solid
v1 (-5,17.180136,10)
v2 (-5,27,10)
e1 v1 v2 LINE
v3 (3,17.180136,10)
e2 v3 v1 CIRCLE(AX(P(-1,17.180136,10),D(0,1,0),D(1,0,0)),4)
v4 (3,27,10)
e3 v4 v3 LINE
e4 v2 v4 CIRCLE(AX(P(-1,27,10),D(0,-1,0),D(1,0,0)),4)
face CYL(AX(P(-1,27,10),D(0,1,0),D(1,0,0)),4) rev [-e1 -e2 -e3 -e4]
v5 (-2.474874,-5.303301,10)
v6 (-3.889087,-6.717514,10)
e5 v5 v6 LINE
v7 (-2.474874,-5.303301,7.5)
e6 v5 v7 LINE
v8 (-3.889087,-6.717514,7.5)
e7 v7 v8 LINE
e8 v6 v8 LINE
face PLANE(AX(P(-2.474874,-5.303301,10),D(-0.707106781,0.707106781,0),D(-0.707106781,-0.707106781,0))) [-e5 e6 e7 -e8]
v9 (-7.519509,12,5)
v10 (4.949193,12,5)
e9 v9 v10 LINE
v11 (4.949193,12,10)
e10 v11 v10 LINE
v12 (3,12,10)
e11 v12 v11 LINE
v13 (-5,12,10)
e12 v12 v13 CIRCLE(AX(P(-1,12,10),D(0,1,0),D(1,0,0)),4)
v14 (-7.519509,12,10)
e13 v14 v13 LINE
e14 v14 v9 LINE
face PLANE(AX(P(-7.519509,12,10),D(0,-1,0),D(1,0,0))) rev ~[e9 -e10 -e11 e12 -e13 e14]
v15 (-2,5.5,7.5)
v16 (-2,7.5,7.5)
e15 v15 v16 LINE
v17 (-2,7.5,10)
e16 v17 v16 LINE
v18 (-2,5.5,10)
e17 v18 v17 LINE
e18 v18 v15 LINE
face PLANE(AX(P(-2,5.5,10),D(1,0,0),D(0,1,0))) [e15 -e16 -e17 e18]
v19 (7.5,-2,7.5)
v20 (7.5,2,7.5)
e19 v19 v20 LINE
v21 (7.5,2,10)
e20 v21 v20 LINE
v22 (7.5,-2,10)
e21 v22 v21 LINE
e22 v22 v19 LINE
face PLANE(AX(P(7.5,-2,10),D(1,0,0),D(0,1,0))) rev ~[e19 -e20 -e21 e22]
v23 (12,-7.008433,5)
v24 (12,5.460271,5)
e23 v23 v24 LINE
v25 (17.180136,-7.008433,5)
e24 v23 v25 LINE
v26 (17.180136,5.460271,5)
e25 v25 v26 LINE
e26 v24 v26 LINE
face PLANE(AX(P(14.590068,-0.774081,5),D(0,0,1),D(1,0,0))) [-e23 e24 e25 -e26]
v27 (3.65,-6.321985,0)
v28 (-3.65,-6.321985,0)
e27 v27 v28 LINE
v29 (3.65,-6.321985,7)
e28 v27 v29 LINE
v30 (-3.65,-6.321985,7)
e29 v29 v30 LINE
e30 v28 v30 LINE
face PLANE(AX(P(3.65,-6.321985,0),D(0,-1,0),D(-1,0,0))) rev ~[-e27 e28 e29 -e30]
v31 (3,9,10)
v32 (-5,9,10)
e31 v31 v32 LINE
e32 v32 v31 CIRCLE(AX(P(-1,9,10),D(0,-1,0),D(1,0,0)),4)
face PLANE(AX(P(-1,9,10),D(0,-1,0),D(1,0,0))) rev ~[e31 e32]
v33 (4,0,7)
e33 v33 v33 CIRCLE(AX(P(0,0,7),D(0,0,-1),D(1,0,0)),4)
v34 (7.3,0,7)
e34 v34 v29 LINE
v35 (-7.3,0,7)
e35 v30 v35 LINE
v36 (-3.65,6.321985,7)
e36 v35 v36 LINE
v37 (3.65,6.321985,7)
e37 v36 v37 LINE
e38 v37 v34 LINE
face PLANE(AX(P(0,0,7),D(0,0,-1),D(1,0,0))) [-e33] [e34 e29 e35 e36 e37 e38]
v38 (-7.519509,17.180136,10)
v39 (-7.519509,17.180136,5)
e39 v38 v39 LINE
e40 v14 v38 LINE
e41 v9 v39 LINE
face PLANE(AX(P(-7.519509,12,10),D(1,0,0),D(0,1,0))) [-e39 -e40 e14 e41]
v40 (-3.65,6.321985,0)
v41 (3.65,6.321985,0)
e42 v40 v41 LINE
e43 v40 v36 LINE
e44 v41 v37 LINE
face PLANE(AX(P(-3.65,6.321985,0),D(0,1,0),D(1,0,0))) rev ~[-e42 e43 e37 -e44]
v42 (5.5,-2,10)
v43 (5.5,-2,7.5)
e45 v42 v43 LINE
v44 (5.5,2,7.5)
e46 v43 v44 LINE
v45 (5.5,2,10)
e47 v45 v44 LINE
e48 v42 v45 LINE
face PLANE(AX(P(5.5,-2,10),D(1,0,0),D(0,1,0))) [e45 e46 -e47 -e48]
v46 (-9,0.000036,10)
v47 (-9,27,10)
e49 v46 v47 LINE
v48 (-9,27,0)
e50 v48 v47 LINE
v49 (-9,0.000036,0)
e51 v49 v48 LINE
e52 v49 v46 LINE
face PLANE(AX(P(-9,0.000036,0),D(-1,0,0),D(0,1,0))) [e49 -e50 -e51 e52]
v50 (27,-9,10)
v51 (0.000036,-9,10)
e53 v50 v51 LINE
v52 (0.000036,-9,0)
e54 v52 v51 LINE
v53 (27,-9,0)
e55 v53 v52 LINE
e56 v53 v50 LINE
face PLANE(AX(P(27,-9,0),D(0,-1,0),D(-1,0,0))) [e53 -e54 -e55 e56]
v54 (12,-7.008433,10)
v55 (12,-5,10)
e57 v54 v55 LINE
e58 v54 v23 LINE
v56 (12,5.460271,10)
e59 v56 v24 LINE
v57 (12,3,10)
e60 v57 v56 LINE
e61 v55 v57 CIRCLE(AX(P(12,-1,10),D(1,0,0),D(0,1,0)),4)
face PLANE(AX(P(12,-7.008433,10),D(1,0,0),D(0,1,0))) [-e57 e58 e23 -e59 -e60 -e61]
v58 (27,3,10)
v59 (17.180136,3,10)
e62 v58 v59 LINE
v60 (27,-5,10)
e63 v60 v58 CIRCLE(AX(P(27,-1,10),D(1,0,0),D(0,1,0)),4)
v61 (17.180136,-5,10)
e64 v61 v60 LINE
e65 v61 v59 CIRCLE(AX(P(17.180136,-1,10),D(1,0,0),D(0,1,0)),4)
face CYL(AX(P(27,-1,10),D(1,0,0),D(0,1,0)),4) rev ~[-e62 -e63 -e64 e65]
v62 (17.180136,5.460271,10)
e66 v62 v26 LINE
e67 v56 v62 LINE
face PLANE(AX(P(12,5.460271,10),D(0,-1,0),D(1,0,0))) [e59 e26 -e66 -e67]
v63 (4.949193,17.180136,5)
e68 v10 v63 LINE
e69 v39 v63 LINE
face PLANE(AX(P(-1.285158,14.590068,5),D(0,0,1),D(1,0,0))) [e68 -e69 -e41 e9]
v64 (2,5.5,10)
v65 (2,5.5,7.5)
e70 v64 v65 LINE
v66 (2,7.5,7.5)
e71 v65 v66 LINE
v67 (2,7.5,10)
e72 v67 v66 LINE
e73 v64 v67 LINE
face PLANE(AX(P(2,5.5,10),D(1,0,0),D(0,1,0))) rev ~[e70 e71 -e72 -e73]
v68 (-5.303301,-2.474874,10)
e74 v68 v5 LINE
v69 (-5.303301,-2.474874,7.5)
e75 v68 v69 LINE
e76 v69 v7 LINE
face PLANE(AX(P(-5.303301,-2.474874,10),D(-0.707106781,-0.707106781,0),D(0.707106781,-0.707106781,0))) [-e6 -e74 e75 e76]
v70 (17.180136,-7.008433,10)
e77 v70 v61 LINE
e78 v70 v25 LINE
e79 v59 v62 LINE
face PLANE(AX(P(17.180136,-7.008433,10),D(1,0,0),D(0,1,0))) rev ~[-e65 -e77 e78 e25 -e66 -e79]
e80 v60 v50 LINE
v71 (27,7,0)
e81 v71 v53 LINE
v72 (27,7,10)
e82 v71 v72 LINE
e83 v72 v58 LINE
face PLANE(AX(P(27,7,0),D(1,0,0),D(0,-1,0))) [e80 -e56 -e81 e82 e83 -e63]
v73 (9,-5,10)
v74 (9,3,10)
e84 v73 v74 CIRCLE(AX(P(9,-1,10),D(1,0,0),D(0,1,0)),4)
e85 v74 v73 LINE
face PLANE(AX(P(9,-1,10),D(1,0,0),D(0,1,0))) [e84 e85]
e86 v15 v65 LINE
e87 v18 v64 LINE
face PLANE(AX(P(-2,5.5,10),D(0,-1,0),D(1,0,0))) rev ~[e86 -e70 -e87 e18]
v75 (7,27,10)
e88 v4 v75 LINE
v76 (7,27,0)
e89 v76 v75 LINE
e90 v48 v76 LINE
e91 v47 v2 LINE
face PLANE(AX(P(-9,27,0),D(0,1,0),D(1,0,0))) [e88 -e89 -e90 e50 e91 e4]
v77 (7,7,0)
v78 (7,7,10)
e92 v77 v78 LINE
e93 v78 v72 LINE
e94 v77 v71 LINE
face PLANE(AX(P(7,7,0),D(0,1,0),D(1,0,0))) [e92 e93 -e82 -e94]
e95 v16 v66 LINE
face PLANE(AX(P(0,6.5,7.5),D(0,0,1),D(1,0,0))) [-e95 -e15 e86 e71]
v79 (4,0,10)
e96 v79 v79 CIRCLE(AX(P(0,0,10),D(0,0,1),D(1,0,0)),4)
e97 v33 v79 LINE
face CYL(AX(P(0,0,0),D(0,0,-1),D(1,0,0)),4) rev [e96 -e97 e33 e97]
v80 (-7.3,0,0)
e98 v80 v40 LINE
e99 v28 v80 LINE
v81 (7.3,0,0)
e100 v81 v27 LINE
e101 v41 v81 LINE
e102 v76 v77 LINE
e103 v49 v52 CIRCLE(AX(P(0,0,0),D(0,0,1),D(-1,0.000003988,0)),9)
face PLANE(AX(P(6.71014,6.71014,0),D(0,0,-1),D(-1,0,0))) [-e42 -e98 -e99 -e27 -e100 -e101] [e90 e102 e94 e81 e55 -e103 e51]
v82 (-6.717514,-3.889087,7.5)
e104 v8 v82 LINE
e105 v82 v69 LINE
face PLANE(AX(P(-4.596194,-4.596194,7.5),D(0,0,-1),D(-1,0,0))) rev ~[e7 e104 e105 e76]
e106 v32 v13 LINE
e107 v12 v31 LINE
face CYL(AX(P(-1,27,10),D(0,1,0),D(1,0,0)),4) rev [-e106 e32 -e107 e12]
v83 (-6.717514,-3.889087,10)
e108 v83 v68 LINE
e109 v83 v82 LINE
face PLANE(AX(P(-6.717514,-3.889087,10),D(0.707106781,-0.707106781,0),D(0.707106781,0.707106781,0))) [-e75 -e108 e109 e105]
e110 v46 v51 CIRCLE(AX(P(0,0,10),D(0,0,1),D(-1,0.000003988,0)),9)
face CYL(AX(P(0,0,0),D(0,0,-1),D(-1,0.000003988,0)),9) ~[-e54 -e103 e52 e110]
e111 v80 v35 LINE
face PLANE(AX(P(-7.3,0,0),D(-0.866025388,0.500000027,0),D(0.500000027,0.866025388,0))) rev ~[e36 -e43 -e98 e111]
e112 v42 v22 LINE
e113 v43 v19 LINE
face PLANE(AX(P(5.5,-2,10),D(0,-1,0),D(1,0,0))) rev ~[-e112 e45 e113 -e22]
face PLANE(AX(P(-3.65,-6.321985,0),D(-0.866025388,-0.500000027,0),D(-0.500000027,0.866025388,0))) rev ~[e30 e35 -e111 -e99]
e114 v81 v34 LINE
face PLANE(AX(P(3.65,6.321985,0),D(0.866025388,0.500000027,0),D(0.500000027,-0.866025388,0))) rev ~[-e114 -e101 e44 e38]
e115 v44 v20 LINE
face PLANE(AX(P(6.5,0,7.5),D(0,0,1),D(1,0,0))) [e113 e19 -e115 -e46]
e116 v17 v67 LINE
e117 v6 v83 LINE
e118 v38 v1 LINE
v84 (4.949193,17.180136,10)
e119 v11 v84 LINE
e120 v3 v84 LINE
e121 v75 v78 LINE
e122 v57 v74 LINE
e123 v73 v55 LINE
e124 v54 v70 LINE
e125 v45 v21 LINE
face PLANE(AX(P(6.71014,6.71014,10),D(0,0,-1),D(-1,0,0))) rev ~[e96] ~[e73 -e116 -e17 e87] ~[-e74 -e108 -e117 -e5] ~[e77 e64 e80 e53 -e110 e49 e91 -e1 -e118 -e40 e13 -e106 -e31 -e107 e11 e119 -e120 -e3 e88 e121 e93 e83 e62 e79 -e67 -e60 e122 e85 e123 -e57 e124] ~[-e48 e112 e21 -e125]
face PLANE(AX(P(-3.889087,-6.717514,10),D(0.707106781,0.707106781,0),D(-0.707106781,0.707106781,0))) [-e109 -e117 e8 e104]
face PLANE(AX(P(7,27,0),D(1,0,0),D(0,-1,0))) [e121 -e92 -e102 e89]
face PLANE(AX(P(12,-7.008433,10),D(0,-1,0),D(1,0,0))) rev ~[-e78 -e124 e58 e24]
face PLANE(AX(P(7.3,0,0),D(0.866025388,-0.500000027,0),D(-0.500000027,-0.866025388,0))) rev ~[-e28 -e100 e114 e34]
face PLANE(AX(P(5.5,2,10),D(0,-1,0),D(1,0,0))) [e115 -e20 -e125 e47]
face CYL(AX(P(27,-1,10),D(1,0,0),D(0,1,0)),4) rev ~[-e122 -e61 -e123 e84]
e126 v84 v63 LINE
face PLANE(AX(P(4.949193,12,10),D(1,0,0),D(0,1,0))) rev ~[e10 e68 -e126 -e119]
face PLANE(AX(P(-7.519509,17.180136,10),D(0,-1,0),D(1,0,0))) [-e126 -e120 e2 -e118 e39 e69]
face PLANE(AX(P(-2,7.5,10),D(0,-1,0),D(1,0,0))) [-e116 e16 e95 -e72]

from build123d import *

# Parameters (mm, degrees)
SKETCH003_W   = 12.468703
SKETCH003_H   = 5.180136
SKETCH003_W_2 = 5.180136
SKETCH003_H_2 = 12.468704
PAD003_DEPTH  = 5
SKETCH002_R   = 4
PAD002_DEPTH  = 18
SKETCH001_R   = 4
PAD001_DEPTH  = 18
PAD005_DEPTH  = 7
SKETCH004_W   = 4
SKETCH004_H   = 2
SKETCH004_W_2 = 2
SKETCH004_H_2 = 4
PAD004_DEPTH  = 2.5
SKETCH_R      = 4
PAD_DEPTH     = 10


with BuildPart() as nutmount:
    # Sketch003 → Pad003 (new body)
    with BuildSketch(Plane.XY.offset(10)):
        with Locations((-1.285158, 14.590068)):
            Rectangle(SKETCH003_W, SKETCH003_H)
        with Locations((14.590068, -0.774081)):
            Rectangle(SKETCH003_W_2, SKETCH003_H_2)
    extrude(amount=-PAD003_DEPTH)


with BuildPart() as mount002:
    # Sketch002 → Pad002 (new body)
    with BuildSketch(Plane.XZ.offset(-27)):
        with Locations((-1, 10)):
            Circle(SKETCH002_R)
    extrude(amount=PAD002_DEPTH)


with BuildPart() as mount001:
    # Sketch001 → Pad001 (new body)
    with BuildSketch(Plane.YZ.offset(27)):
        with Locations((-1, 10)):
            Circle(SKETCH001_R)
    extrude(amount=-PAD001_DEPTH)


with BuildPart() as nutflush:
    # Sketch005 → Pad005 (new body)
    with BuildSketch(Plane(origin=(0, 0, 0), x_dir=(1, 0, 0), z_dir=(0, 0, -1))):
        Polygon((3.65, -6.321985), (7.3, 0), (3.65, 6.321985), (-3.65, 6.321985), (-7.3, 0), (-3.65, -6.321985), align=None)
    extrude(amount=-PAD005_DEPTH)


with BuildPart() as cutblock:
    # Sketch004 → Pad004 (new body)
    with BuildSketch(Plane.XY.offset(10)):
        with Locations((0, 6.5)):
            Rectangle(SKETCH004_W, SKETCH004_H)
        with Locations((6.5, 0)):
            Rectangle(SKETCH004_W_2, SKETCH004_H_2)
        Polygon((-6.717514, -3.889087), (-5.303301, -2.474874), (-2.474874, -5.303301), (-3.889087, -6.717514), align=None)
    extrude(amount=-PAD004_DEPTH)

    # Fusion: union NutMount, Mount002, Mount001, NutFlush
    add(nutmount.part)
    add(mount002.part)
    add(mount001.part)
    add(nutflush.part)


with BuildPart() as cut:
    # Sketch → Pad (new body)
    with BuildSketch(Plane.XY):
        with BuildLine():
            Line((-9, 3.6e-05), (-9, 27))
            Line((-9, 27), (7, 27))
            Line((7, 27), (7, 7))
            Line((7, 7), (27, 7))
            Line((27, 7), (27, -9))
            Line((27, -9), (3.6e-05, -9))
            ThreePointArc((-9, 3.6e-05), (-6.363961, -6.363961), (3.6e-05, -9))
        make_face()
        Circle(SKETCH_R, mode=Mode.SUBTRACT)
    extrude(amount=PAD_DEPTH)

    # Cut: cut CutBlock
    add(cutblock.part, mode=Mode.SUBTRACT)


solid = cut.part
